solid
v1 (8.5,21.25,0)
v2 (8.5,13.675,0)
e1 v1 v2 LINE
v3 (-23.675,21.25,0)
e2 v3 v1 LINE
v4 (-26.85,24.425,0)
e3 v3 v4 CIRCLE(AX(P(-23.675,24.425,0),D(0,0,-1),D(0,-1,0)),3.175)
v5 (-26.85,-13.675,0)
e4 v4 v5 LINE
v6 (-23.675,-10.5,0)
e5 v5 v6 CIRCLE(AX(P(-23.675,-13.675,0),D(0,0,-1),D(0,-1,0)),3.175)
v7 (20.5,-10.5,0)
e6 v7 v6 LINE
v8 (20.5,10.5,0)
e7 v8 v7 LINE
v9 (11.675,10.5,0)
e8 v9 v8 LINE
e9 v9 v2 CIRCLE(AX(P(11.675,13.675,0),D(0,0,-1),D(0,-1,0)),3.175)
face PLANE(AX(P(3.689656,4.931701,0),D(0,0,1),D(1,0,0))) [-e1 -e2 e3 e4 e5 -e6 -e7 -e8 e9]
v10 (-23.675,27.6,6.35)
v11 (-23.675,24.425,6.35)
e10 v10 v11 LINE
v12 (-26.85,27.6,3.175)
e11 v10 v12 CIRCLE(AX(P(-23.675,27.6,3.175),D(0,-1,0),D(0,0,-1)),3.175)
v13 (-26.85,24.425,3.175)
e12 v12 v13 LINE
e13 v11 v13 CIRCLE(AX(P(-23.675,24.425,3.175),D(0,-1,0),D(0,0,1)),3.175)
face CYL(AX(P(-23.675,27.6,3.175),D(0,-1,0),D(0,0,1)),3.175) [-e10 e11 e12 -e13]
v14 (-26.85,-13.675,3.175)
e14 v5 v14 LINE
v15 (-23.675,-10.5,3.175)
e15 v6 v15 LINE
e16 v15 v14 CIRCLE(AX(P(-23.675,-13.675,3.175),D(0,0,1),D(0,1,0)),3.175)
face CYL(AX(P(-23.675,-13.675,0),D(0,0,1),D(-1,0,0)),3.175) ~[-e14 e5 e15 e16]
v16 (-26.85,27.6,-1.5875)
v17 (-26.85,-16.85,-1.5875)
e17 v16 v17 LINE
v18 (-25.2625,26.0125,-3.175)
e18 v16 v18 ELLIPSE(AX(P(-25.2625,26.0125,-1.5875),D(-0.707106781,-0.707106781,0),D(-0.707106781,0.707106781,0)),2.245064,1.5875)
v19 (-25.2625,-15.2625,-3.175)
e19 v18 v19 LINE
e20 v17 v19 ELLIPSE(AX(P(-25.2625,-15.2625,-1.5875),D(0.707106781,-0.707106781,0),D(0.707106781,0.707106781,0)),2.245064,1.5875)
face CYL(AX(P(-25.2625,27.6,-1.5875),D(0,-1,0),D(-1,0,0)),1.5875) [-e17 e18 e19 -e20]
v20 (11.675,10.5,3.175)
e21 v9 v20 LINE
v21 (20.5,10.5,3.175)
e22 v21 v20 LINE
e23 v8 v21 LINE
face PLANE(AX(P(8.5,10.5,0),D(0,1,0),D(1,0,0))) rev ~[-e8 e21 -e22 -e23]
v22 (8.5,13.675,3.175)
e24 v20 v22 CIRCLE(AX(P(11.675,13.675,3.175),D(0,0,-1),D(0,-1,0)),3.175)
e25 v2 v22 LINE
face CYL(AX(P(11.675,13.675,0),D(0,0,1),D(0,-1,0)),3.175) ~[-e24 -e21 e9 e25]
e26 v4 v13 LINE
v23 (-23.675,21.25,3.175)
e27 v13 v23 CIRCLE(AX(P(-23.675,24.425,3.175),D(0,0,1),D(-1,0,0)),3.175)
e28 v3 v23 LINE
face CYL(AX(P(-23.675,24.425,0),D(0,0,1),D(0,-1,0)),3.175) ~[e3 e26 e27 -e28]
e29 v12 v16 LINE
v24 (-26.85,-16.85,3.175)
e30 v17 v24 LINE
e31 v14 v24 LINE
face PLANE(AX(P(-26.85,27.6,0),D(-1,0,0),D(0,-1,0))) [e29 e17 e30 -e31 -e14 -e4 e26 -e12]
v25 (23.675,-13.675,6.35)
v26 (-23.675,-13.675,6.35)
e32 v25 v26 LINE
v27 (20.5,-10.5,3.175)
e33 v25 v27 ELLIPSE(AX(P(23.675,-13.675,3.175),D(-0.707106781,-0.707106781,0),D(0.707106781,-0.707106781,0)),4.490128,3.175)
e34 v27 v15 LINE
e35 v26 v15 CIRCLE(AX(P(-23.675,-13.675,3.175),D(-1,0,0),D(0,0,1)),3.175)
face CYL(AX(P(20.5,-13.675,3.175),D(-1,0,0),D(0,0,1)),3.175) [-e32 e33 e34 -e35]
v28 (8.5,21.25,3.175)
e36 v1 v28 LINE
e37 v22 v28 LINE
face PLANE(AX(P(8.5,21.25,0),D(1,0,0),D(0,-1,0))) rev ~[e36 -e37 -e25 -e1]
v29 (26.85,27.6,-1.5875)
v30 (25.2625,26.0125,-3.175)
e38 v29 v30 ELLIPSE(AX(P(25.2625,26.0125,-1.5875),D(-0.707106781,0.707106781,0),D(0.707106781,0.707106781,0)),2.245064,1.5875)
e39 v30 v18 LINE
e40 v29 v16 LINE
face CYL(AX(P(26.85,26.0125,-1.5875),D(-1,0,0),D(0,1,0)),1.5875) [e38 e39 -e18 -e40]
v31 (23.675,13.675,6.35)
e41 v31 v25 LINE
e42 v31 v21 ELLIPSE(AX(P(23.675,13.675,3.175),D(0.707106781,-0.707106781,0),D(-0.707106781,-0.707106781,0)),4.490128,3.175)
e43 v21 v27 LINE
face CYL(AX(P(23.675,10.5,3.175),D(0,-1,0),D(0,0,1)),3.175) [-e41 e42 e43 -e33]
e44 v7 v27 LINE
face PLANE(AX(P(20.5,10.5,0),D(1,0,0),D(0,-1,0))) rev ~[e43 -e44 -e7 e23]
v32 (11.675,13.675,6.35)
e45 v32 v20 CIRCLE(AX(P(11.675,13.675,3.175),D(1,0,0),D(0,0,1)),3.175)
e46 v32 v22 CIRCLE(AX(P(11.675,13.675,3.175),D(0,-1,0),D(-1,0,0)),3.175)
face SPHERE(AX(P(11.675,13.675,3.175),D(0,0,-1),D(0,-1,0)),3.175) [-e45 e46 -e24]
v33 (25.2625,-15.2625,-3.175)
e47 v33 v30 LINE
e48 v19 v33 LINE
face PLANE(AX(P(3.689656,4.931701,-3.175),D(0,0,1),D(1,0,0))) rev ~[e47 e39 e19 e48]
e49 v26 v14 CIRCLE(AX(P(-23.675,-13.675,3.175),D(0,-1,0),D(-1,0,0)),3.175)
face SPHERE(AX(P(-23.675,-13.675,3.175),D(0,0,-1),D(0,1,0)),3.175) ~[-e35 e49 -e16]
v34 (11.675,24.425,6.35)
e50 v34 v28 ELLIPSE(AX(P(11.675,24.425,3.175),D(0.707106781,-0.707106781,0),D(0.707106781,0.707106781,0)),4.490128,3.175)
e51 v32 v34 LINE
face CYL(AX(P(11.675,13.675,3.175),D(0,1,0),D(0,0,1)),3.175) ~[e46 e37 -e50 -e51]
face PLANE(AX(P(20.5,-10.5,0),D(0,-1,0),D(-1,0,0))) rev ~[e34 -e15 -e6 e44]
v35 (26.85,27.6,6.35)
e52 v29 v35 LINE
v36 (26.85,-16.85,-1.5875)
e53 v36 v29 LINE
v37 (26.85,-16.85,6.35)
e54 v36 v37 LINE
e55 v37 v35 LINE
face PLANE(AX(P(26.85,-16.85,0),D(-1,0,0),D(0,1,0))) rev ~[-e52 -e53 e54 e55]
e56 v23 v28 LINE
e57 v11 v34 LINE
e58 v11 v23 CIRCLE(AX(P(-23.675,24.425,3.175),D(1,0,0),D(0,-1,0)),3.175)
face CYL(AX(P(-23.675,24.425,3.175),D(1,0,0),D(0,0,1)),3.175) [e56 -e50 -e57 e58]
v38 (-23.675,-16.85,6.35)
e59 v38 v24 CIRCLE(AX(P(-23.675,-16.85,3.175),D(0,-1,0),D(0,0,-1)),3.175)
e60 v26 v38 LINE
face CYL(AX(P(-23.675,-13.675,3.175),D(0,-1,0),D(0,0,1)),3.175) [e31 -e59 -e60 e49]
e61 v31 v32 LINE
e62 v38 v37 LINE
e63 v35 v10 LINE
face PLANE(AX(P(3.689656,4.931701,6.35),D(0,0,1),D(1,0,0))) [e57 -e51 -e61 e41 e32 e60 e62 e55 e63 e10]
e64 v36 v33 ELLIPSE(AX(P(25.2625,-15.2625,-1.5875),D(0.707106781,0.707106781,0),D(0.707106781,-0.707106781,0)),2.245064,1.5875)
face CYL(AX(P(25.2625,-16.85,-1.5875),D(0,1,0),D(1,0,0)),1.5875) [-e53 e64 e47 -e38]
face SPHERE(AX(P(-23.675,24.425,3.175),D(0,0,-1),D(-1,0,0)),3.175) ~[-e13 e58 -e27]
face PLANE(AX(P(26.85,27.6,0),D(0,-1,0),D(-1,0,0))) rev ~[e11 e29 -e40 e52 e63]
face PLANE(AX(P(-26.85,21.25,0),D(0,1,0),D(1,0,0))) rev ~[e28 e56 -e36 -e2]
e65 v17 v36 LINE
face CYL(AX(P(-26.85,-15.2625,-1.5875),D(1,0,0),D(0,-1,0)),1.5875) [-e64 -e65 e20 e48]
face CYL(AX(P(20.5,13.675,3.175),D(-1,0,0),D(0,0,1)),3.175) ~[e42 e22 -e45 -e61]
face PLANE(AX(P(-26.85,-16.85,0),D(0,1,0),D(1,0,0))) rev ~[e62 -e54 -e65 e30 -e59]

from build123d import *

# Parameters (mm, degrees)
F1_DEPTH = 3.175
F2_DEPTH = 6.35
F3_R     = 3.175
F4_R     = 3.175
F5_R     = 1.5875


with BuildPart() as f1:
    # F0 (on Top) → F1 (new body)
    with BuildSketch(Plane.XY):
        Polygon((8.5, 10.5), (20.5, 10.5), (20.5, -10.5), (-20.5, -10.5), (-26.85, -10.5), (-26.85, -16.85), (26.85, -16.85), (26.85, 27.6), (-26.85, 27.6), (-26.85, 21.25), (-20.5, 21.25), (8.5, 21.25), align=None)
        Polygon((20.5, -10.5), (20.5, 10.5), (8.5, 10.5), (8.5, 21.25), (-20.5, 21.25), (-20.5, 10.5), (-20.5, -10.5), align=None)
        Polygon((-26.85, -10.5), (-20.5, -10.5), (-20.5, 10.5), (-20.5, 21.25), (-26.85, 21.25), align=None)
    extrude(amount=-F1_DEPTH)

    # F0 (on Top) → F2 (join)
    with BuildSketch(Plane.XY):
        Polygon((8.5, 10.5), (20.5, 10.5), (20.5, -10.5), (-20.5, -10.5), (-26.85, -10.5), (-26.85, -16.85), (26.85, -16.85), (26.85, 27.6), (-26.85, 27.6), (-26.85, 21.25), (-20.5, 21.25), (8.5, 21.25), align=None)
    extrude(amount=F2_DEPTH)

    # F3
    f3_edges = [f1.edges().sort_by_distance(p)[0] for p in [
        (8.5, 10.5, 3.175),
        (-26.85, -10.5, 3.175),
        (-26.85, 21.25, 3.175),
    ]]
    fillet(f3_edges, radius=F3_R)

    # F4
    f4_edges = [f1.edges().sort_by_distance(p)[0] for p in [
        (9.429936, 11.429936, 6.35),
        (20.5, 0, 6.35),
        (-1.5875, -10.5, 6.35),
        (-7.5875, 21.25, 6.35),
    ]]
    fillet(f4_edges, radius=F4_R)

    # F5
    f5_edges = [f1.edges().sort_by_distance(p)[0] for p in [
        (0, -16.85, -3.175),
        (26.85, 5.375, -3.175),
        (0, 27.6, -3.175),
        (-26.85, 5.375, -3.175),
    ]]
    fillet(f5_edges, radius=F5_R)


solid = f1.part
